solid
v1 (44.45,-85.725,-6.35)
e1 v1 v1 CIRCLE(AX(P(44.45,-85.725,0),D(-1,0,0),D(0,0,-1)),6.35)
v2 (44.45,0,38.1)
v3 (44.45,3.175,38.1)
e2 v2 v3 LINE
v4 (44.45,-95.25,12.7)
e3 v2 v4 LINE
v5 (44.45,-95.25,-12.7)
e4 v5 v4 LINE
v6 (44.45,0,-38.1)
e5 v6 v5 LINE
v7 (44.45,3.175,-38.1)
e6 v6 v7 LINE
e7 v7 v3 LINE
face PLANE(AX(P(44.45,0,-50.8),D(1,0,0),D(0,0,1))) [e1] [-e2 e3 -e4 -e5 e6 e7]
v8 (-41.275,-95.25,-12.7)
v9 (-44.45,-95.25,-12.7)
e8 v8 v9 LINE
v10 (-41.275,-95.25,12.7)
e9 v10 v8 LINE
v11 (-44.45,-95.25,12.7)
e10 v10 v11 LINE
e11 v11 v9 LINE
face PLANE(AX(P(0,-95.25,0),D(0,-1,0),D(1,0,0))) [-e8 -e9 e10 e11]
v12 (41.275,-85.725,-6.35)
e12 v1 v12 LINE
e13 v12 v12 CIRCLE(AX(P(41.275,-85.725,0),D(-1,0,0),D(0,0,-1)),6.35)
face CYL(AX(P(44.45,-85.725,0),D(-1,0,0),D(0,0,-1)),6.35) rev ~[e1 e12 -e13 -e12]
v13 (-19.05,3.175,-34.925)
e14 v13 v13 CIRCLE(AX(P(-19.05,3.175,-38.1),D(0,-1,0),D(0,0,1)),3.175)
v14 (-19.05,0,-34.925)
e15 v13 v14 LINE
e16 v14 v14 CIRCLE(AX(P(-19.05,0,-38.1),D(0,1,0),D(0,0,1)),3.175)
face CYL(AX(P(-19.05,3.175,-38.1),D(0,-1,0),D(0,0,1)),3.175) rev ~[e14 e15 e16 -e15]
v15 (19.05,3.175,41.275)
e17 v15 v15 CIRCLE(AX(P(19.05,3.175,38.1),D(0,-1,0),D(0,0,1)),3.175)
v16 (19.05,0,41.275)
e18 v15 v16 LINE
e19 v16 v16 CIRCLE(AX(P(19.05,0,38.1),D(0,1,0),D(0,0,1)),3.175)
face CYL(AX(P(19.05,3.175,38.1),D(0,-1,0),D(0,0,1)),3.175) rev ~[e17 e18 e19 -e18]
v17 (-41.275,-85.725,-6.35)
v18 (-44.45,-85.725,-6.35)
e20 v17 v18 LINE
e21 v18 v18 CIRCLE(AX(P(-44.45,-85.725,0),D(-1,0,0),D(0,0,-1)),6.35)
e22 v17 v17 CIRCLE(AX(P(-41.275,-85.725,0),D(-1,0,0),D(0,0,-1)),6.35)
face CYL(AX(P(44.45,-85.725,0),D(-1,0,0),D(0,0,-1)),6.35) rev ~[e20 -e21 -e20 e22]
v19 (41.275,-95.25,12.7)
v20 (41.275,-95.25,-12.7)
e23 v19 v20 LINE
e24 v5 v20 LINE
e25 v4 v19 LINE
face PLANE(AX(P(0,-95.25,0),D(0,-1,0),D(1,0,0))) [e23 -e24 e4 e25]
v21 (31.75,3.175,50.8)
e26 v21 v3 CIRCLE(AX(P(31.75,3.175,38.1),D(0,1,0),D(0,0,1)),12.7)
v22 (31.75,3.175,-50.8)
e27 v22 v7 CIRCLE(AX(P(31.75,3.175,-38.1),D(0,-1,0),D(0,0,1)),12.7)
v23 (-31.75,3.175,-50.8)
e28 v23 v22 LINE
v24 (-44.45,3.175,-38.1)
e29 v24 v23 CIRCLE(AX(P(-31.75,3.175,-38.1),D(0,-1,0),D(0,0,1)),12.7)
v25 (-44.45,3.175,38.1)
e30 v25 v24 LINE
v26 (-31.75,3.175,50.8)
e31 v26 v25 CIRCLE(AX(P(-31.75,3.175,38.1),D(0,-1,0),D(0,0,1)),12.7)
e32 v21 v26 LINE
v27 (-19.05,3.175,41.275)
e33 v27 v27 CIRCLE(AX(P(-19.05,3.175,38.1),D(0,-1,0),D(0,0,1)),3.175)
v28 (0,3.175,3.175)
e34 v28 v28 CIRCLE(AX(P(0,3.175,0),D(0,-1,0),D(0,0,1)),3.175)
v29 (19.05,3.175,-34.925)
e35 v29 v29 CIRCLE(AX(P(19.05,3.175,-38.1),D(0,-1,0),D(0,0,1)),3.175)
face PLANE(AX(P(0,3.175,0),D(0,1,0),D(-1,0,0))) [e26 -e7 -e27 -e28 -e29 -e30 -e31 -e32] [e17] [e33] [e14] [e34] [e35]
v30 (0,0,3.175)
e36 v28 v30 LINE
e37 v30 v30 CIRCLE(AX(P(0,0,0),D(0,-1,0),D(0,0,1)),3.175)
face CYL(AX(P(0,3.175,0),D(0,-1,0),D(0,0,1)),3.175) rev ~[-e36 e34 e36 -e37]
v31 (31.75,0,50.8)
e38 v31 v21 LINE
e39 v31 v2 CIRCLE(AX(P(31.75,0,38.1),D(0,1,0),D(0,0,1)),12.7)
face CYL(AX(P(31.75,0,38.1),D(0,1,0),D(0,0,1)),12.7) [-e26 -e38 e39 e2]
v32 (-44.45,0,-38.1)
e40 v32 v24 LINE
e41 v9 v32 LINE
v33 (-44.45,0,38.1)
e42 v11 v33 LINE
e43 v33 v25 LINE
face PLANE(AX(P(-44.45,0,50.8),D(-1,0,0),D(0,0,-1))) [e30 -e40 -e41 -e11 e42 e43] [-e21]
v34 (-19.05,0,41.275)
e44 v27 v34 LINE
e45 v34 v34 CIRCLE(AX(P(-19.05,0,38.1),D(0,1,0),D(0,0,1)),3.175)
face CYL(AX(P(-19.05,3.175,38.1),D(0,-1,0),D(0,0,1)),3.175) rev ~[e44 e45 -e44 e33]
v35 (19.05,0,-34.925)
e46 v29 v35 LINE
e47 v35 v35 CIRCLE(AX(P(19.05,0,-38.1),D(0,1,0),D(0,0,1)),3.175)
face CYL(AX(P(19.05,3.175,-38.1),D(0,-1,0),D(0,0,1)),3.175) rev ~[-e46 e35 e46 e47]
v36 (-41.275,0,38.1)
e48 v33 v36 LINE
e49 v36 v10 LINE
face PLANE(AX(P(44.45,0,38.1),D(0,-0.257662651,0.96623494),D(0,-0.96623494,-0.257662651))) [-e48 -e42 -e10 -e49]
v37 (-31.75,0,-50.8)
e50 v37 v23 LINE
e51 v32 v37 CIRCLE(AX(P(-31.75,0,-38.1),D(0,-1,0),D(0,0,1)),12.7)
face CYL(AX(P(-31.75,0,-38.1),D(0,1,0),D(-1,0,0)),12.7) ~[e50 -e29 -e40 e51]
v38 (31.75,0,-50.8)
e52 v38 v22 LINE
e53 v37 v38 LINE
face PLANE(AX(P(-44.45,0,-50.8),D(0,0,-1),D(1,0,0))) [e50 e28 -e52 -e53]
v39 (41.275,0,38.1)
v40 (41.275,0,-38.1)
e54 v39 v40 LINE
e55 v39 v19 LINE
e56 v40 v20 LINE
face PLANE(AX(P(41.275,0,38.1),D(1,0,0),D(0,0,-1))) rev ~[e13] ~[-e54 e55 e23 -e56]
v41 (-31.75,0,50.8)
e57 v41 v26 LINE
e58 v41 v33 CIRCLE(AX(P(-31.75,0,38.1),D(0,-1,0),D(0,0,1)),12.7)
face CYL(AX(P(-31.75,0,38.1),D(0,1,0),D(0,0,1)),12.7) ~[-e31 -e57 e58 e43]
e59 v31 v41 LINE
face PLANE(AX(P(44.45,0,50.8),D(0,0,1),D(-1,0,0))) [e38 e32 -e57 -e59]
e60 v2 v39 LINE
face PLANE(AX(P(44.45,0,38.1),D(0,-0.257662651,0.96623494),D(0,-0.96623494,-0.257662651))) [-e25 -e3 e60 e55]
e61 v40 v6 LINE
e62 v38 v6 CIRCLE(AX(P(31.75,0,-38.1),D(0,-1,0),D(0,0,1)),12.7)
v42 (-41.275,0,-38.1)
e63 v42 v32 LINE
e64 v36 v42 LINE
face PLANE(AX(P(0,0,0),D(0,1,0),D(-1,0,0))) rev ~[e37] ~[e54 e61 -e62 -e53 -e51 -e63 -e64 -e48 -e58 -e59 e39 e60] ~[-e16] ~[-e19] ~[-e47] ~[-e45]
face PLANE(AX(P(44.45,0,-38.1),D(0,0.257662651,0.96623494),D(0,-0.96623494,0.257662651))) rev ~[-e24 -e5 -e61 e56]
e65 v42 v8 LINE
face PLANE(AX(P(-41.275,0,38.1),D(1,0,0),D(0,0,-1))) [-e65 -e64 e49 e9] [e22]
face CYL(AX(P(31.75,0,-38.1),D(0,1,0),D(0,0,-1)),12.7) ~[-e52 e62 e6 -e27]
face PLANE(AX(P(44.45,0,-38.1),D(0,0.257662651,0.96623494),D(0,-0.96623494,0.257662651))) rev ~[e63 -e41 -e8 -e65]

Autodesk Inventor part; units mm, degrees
ref_plane "YZ Plane" through (0, 0, 0) normal (1, 0, 0) x (0, 1, 0)
ref_plane "XZ Plane" through (0, 0, 0) normal (0, 1, 0) x (-1, 0, 0)
ref_plane "XY Plane" through (0, 0, 0) normal (0, 0, 1) x (1, 0, 0)
sketch "Sketch2" plane through (0, 0, 0) normal (0, 1, 0) x (-1, 0, 0)
  line L0 (-44.45, 50.8) -> (44.45, 50.8)
  line L1 (44.45, 50.8) -> (44.45, -50.8)
  line L2 (44.45, -50.8) -> (-44.45, -50.8)
  line L3 (-44.45, -50.8) -> (-44.45, 50.8)
  point P0 (0, 0)
  dimension "d0" = 44.45
  dimension "d1" = 44.45
  dimension "d2" = 50.8
  dimension "d3" = 50.8
extrude "Extrusion1" add sketch "Sketch2" along normal blind 3.175
fillet "Fillet1" radius 12.7 4 edges at (44.45, 1.5875, 50.8) (-44.45, 1.5875, 50.8) (44.45, 1.5875, -50.8) (-44.45, 1.5875, -50.8)
sketch "Sketch3" plane through (0, 3.175, 0) normal (0, 1, 0) x (1, 0, 0)
  line L0 (-19.05, 38.1) -> (19.05, 38.1) construction
  line L1 (19.05, 38.1) -> (19.05, -38.1) construction
  line L2 (19.05, -38.1) -> (-19.05, -38.1) construction
  line L3 (-19.05, -38.1) -> (-19.05, 38.1) construction
  point P0 (0, 0)
  point P1 (0, 0)
  point P2 (-19.05, 0)
  point P3 (0, 38.1)
  dimension "d36" = 38.1
  dimension "d37" = 76.2
hole "Hole1" at (-19.05, 3.175, -38.1) at (19.05, 3.175, -38.1) at (19.05, 3.175, 38.1) at (-19.05, 3.175, 38.1) at (0, 3.175, 0) direction (0, -1, 0) diameter 6.35 end through all
sketch "Sketch4" plane through (0, 0, 0) normal (0, -1, 0) x (1, 0, 0)
  circle A0 centre (-19.05, 38.1) radius 3.175 projected
  line L0 (44.45, -38.1) -> (44.45, 38.1) projected
  line L1 (-44.45, 38.1) -> (-44.45, -38.1) projected
  line L2 (44.45, 38.1) -> (41.275, 38.1)
  line L3 (41.275, 38.1) -> (41.275, -38.1)
  line L4 (41.275, -38.1) -> (44.45, -38.1)
  line L5 (44.45, -38.1) -> (44.45, 38.1)
  line L6 (-44.45, 38.1) -> (-41.275, 38.1)
  line L7 (-41.275, 38.1) -> (-41.275, -38.1)
  line L8 (-41.275, -38.1) -> (-44.45, -38.1)
  line L9 (-44.45, -38.1) -> (-44.45, 38.1)
  dimension "d18" = 3.175
  dimension "d19" = 3.175
  dimension "d20" = 76.2
  dimension "d21" = 76.2
extrude "Extrusion2" add sketch "Sketch4" along normal blind 95.25 contours L4 L3 L2 L0 | L6 L7 L8 L1
sketch "Sketch5" plane through (44.45, 3.175, 38.1) normal (1, 0, 0) x (0, 0, -1)
  line L0 (0, -3.175) -> (0, -98.425) projected
  line L1 (76.2, -3.175) -> (76.2, -98.425) projected
  line L2 (0, -3.175) -> (25.4, -98.425)
  line L3 (76.2, -3.175) -> (50.8, -98.425)
  line L4 (0, -3.175) -> (0, -98.425)
  line L5 (25.4, -98.425) -> (0, -98.425)
  line L6 (50.8, -98.425) -> (76.2, -98.425)
  line L7 (76.2, -98.425) -> (76.2, -3.175)
  point P0 (38.1, -3.175)
extrude "Extrusion3" cut sketch "Sketch5" against normal blind 127
sketch "Sketch6" plane through (44.45, 3.175, 38.1) normal (1, 0, 0) x (0, 0, -1)
  line L0 (25.4, -98.425) -> (50.8, -98.425) projected
  point P0 (38.1, -3.175)
  point P1 (38.1, -88.9)
  dimension "d28" = 9.525
hole "Hole2" at (44.45, -85.725, 0) direction (-1, 0, 0) diameter 12.7 end through all
equation "\"d1\" = d0"
equation "\"d3\" = d2"
equation "\"d4\" = metalThickness"
equation "\"d18\" = metalThickness"
equation "\"d19\" = metalThickness"
equation "\"d21\" = d20"
equation "\"metalThickness\" = 3.175"
properties part number "Caster2" material "Aluminum-6061"
